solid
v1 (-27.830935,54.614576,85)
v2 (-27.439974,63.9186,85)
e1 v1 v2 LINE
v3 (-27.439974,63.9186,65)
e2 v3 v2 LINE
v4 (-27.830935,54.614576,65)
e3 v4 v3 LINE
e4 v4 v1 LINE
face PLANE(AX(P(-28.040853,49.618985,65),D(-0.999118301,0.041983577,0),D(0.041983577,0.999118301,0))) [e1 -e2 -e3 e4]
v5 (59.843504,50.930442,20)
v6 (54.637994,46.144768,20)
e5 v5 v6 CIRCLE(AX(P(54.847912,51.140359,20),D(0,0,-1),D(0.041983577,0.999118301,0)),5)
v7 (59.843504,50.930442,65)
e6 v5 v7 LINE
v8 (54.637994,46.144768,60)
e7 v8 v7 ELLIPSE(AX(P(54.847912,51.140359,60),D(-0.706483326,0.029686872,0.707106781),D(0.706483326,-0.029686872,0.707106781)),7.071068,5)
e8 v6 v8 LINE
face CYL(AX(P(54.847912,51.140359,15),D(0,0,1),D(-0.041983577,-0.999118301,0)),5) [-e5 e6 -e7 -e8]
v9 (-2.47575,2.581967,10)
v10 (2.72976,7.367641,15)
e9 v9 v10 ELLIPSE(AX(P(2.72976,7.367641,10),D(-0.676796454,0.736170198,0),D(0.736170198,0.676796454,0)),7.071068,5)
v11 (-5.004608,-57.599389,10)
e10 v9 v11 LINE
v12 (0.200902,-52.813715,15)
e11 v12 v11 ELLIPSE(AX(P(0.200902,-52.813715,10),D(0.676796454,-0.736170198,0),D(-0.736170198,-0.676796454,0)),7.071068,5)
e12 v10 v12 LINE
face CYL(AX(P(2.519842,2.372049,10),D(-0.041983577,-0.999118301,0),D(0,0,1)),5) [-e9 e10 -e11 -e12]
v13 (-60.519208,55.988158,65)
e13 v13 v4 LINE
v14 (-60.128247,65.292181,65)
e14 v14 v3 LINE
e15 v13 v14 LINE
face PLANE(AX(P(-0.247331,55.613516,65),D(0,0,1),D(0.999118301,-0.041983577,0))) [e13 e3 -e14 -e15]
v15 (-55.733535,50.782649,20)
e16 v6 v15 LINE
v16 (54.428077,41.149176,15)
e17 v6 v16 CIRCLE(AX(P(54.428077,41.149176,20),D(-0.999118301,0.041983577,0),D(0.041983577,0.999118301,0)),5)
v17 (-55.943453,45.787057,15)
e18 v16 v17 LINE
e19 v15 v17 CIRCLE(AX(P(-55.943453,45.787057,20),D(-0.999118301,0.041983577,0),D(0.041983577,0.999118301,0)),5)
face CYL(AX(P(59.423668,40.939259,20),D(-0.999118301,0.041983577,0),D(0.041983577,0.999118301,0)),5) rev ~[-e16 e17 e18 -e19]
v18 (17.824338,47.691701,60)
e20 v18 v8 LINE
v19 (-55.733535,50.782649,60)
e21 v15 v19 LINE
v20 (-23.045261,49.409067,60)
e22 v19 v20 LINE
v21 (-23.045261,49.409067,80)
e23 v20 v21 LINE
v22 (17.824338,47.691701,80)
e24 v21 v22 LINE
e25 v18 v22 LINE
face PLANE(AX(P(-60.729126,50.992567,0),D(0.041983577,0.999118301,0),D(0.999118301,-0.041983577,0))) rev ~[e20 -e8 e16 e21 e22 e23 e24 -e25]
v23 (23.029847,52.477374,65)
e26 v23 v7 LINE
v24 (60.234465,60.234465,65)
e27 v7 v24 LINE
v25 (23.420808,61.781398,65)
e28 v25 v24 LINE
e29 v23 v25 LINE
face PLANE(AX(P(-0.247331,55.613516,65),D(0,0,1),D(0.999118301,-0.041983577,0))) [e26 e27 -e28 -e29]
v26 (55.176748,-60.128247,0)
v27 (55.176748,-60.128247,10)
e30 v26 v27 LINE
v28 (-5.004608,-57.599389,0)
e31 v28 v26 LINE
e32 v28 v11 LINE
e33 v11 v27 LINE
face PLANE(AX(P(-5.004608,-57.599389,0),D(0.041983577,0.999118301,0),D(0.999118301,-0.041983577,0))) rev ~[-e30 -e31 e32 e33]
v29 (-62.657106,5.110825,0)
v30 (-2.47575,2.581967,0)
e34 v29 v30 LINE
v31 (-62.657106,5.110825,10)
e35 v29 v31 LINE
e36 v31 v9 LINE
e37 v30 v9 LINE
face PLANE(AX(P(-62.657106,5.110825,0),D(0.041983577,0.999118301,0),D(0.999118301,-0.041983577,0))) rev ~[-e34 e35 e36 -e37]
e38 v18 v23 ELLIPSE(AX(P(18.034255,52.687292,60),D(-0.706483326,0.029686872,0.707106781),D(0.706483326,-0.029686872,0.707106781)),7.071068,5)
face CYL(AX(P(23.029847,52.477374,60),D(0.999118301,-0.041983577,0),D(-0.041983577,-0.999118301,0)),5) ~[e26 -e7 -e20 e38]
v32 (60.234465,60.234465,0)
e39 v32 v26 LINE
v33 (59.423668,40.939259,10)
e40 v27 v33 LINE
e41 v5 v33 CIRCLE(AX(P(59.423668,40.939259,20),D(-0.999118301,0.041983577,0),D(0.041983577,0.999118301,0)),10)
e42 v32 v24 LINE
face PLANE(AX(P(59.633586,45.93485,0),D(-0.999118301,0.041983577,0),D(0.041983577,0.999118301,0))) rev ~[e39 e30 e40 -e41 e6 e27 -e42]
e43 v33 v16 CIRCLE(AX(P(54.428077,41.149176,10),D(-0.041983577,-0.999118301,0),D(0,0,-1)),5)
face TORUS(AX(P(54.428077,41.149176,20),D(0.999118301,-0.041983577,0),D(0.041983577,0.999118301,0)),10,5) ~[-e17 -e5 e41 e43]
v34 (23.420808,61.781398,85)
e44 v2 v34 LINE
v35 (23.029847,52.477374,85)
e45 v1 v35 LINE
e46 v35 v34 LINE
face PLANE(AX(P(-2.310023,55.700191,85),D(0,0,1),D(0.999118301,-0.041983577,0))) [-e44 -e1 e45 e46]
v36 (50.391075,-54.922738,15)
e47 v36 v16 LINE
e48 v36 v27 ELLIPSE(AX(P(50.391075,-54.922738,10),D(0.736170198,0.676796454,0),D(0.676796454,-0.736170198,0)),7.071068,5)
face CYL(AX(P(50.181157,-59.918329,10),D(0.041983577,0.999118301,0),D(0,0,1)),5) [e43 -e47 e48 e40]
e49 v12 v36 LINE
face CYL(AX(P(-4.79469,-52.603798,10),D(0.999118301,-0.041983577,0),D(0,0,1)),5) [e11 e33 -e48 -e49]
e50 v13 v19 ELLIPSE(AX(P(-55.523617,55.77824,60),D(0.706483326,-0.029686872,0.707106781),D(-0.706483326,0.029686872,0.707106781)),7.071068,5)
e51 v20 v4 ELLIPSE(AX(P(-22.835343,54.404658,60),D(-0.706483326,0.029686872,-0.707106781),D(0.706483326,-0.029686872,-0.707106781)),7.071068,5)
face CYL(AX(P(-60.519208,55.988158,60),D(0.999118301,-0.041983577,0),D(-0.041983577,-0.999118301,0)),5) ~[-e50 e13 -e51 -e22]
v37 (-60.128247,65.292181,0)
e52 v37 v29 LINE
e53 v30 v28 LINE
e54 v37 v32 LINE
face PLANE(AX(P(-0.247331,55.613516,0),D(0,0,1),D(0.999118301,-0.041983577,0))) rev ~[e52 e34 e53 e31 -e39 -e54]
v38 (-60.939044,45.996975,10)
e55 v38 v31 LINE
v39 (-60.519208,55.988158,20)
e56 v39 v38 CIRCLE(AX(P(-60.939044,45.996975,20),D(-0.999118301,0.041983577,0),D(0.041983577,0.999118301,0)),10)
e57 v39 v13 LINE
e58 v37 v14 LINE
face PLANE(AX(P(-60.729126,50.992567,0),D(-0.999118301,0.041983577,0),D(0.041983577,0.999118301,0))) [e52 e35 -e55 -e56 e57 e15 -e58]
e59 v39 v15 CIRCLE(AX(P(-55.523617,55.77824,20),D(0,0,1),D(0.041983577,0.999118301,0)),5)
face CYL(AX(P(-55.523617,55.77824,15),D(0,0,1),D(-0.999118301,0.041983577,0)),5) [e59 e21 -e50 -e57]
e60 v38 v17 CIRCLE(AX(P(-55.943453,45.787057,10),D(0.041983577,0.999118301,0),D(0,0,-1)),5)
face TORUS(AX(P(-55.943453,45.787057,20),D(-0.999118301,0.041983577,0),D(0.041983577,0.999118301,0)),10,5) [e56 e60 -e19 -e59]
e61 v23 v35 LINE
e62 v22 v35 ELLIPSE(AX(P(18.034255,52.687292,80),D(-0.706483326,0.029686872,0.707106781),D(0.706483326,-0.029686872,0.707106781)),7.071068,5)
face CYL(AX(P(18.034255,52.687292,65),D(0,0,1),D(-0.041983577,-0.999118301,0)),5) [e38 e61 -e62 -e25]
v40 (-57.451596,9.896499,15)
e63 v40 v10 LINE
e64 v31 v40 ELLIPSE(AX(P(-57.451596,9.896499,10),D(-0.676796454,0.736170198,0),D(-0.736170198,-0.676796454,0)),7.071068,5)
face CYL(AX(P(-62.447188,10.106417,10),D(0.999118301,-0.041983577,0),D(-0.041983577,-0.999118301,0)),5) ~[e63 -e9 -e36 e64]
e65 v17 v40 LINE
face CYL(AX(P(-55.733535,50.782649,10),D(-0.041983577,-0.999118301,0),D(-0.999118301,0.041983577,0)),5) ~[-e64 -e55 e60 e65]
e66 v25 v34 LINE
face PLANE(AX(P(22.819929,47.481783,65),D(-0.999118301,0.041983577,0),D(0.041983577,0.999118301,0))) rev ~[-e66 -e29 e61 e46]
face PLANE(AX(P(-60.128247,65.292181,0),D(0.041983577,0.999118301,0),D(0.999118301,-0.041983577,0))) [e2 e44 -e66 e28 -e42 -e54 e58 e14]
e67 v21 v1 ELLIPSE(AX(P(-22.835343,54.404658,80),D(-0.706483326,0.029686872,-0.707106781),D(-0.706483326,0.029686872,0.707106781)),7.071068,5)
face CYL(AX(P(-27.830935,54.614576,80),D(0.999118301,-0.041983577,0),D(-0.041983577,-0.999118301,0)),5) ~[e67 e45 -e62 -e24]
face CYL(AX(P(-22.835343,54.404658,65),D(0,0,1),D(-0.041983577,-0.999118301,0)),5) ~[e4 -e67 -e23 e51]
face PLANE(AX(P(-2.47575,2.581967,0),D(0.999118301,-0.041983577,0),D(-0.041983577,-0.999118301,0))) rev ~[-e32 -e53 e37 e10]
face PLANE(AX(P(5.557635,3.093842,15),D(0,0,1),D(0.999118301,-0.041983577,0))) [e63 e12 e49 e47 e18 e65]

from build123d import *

# Parameters (mm, degrees)
F1_DEPTH = 15
F0_W     = 120.46892941
F0_H     = 14.3122337759
F2_DEPTH = 65
F3_W     = 50.9056653827
F3_H     = 14.3122337759
F4_DEPTH = 20
F5_R     = 5
F6_ANGLE = 2.4061889728


with BuildPart() as f1:
    # F0 (on Top) → F1 (new body)
    with BuildSketch(Plane.XY):
        Polygon((60.234464705, 45.9222309291), (-60.234464705, 45.9222309291), (-60.234464705, 0), (0, 0), (0, -60.234464705), (60.234464705, -60.234464705), align=None)
    extrude(amount=F1_DEPTH)

    # F0 (on Top) → F2 (join)
    with BuildSketch(Plane.XY):
        with Locations((0, 53.0783478171)):
            Rectangle(F0_W, F0_H)
    extrude(amount=F2_DEPTH)

    # F3 (on face) → F4 (join)
    with BuildSketch(Plane.XY.offset(65)):
        with Locations((-2.0645121112, 53.0783478171)):
            Rectangle(F3_W, F3_H)
    extrude(amount=F4_DEPTH)

    # F5
    f5_edges = [f1.edges().sort_by_distance(p)[0] for p in [
        (0, 45.922231, 15),
        (-60.234465, 45.922231, 40),
        (-43.875905, 45.922231, 65),
        (-27.517345, 45.922231, 75),
        (-2.064512, 45.922231, 85),
        (23.388321, 45.922231, 75),
        (41.811393, 45.922231, 65),
        (60.234465, 45.922231, 40),
        (-60.234465, 22.961115, 15),
        (-30.117232, 0, 15),
        (0, -30.117232, 15),
        (30.117232, -60.234465, 15),
        (60.234465, -7.156117, 15),
    ]]
    fillet(f5_edges, radius=F5_R)


with BuildPart() as f1_1:
    # F6: moved
    add(f1.part.rotate(Axis((60.234464705, 60.234464705, 32.5), (0, 0, -1)), F6_ANGLE))


solid = f1_1.part
